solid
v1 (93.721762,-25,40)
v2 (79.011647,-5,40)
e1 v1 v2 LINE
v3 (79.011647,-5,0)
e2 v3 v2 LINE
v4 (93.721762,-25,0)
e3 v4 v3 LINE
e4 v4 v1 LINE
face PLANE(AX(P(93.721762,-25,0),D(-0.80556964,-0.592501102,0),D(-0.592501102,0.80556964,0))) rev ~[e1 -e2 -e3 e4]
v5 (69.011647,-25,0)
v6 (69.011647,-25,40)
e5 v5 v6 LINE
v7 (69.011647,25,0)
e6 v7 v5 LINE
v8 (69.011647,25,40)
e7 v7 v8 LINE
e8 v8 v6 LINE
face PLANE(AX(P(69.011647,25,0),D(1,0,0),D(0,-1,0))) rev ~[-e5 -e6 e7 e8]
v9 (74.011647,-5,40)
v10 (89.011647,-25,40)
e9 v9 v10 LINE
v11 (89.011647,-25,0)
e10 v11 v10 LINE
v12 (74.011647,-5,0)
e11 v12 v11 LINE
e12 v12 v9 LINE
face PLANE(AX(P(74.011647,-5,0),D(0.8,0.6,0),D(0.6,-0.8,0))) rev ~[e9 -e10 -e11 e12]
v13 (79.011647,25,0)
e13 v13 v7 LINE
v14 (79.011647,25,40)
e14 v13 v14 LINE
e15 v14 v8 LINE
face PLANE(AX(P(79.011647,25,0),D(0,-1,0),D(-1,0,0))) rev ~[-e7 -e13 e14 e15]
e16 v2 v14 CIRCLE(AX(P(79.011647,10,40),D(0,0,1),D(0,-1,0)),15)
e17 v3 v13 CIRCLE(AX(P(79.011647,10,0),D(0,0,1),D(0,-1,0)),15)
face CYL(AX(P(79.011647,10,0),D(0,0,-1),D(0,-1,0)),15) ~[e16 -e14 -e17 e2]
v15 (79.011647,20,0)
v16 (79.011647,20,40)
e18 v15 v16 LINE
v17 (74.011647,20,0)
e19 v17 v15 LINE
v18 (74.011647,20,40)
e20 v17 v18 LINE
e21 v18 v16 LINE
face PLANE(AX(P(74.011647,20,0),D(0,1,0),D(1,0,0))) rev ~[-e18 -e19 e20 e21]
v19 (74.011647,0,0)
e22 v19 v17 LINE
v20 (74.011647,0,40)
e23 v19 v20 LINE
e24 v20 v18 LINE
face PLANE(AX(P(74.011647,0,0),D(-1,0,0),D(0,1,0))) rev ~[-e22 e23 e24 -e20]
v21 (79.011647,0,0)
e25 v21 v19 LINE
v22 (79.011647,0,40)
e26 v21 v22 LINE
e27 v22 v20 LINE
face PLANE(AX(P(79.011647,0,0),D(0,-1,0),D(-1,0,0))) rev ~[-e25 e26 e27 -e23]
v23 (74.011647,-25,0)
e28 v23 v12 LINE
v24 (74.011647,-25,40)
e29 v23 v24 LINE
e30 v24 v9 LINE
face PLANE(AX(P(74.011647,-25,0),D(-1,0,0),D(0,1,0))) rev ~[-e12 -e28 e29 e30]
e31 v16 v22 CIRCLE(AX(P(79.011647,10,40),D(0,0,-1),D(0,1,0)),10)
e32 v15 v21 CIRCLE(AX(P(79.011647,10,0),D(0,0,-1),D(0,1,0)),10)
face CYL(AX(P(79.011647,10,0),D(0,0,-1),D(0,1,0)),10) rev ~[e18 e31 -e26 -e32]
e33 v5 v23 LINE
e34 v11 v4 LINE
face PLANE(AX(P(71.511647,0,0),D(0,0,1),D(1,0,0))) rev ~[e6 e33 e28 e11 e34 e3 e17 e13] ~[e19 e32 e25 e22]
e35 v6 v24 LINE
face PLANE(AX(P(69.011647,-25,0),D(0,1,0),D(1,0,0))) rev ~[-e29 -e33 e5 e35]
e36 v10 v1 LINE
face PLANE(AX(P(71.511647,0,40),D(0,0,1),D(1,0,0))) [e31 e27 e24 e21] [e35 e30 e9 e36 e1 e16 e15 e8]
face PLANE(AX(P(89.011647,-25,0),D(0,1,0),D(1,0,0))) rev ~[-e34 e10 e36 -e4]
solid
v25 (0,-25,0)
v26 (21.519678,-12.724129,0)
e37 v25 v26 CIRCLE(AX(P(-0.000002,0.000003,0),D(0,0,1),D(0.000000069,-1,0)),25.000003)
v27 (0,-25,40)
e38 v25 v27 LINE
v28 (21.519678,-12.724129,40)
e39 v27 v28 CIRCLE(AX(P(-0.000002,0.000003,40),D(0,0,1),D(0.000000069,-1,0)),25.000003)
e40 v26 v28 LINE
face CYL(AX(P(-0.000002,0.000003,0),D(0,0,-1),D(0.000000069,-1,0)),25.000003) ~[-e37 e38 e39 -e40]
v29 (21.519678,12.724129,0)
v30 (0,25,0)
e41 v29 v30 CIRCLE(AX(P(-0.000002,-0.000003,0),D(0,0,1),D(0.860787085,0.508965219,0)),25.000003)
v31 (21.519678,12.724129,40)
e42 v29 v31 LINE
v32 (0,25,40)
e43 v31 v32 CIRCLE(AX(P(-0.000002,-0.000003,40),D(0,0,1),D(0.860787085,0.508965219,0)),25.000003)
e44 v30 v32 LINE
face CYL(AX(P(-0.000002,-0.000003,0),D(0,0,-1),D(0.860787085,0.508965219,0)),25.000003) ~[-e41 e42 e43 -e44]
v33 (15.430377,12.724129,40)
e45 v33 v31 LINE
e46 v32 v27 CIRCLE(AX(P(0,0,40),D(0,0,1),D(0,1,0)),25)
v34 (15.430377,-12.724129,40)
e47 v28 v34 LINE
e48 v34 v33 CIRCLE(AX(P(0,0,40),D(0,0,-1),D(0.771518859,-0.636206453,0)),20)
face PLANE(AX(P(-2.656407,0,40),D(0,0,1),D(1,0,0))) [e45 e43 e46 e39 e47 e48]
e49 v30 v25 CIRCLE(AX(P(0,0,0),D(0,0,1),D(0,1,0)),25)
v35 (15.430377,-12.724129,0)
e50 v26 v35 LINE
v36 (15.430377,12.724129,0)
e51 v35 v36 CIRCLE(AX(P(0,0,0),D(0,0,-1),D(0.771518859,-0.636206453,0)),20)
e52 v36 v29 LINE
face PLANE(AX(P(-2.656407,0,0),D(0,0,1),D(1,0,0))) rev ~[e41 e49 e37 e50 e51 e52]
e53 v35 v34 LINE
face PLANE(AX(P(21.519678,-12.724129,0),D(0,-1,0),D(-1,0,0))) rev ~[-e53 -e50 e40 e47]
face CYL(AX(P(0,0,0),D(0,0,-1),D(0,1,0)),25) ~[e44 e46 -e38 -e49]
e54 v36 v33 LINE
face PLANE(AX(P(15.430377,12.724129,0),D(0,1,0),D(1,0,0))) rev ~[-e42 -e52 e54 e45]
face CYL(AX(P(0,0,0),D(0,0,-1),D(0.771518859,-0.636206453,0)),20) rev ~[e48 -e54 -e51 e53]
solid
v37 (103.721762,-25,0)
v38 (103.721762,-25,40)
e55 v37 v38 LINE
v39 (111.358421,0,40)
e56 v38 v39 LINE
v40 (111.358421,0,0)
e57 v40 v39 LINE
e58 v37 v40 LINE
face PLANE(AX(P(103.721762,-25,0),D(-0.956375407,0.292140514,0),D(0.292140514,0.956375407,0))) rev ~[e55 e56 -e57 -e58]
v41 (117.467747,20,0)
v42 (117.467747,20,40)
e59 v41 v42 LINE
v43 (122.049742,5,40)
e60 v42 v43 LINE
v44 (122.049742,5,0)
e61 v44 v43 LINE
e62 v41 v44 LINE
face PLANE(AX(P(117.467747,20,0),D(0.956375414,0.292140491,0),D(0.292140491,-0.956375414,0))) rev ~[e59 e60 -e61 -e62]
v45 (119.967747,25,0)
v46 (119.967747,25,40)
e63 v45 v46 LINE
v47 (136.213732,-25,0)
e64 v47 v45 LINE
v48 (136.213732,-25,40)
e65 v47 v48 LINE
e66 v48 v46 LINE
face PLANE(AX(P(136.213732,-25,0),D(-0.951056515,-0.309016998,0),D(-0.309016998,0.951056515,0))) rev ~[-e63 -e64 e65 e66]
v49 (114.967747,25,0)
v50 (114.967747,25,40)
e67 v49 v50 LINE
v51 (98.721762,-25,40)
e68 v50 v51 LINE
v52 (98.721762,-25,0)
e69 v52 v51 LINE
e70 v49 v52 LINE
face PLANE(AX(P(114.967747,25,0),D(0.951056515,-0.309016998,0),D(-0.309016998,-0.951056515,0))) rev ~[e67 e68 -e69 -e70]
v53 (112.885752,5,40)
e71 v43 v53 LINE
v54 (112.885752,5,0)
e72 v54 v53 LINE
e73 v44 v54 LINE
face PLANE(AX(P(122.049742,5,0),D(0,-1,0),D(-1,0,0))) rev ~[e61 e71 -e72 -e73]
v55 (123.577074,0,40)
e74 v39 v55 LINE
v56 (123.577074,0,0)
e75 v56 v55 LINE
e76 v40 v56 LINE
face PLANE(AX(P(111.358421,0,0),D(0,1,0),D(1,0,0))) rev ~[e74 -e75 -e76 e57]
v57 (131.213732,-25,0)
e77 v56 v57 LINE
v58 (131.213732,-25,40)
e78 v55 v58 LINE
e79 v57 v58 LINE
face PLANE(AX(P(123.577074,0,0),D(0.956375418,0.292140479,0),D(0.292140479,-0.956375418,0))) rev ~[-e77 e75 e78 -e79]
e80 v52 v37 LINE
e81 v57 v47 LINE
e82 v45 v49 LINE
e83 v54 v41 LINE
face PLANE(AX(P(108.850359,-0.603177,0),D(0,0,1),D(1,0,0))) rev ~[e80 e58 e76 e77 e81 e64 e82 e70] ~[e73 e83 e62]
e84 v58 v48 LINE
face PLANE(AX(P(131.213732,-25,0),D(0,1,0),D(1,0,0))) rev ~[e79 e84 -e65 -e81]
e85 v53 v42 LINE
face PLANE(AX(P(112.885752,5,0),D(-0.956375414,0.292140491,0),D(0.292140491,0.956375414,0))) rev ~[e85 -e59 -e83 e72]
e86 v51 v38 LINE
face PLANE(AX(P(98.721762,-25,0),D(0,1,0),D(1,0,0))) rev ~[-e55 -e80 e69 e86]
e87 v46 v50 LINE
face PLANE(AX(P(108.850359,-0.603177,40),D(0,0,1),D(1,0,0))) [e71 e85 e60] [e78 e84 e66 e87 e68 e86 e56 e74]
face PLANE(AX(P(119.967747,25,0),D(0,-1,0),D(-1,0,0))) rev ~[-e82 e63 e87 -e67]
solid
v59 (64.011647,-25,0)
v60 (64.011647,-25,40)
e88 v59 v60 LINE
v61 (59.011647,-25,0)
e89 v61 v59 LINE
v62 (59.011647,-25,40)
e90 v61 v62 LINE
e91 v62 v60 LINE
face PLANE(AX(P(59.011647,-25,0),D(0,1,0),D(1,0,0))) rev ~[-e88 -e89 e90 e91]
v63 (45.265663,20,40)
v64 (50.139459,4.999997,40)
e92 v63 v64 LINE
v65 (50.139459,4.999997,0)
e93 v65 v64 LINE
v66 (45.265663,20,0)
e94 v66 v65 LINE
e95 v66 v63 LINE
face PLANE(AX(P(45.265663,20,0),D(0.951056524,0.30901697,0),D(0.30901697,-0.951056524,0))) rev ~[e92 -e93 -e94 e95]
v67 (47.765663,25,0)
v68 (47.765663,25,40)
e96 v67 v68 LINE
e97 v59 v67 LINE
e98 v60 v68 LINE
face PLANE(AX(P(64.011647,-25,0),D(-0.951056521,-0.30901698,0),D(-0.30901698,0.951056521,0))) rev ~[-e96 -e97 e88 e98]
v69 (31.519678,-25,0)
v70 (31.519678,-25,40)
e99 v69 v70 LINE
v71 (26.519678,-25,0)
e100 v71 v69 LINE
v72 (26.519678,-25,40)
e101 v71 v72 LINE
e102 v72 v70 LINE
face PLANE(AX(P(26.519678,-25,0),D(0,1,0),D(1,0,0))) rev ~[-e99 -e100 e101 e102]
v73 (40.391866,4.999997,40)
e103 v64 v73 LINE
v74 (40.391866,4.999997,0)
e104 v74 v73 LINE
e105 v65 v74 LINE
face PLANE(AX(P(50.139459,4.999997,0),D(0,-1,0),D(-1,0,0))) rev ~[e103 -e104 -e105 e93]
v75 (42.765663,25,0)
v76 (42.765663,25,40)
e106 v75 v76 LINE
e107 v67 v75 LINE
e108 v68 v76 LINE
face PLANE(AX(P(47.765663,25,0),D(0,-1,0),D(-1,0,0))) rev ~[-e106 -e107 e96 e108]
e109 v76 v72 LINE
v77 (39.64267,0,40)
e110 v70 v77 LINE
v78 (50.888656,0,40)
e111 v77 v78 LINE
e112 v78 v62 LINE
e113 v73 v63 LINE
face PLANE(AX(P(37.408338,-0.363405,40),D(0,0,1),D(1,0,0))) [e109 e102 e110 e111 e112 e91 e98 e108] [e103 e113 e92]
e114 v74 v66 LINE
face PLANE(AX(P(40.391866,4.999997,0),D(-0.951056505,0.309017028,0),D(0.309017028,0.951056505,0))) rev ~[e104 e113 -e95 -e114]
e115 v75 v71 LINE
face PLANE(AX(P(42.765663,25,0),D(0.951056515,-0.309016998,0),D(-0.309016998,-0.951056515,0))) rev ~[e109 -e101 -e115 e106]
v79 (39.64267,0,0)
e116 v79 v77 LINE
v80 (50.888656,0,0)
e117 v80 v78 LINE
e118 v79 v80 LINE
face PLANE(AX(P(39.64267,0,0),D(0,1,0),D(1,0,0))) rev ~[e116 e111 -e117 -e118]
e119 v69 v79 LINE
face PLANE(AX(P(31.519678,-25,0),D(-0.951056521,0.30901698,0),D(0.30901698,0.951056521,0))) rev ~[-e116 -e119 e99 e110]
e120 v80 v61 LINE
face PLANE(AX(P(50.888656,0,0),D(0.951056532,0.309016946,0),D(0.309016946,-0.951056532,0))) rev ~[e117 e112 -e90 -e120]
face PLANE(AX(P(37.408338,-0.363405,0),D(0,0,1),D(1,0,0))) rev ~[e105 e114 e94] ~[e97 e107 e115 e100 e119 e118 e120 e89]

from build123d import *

# Parameters (mm, degrees)
F1_DEPTH = 40


with BuildPart() as f1:
    # F0 (on Top) → F1 (new body)
    with BuildSketch(Plane.XY):
        with BuildLine():
            Line((18.296868, 12.724129), (21.519678, 12.724129))
            ThreePointArc((21.519678, 12.724129), (12.387428, 21.715239), (0, 25))
            ThreePointArc((0, 25), (-25, 0), (0, -25))
            ThreePointArc((0, -25), (12.387428, -21.715239), (21.519678, -12.724129))
            Line((21.519678, -12.724129), (15.430377, -12.724129))
            ThreePointArc((15.430377, -12.724129), (-20, 0), (15.430377, 12.724129))
            Line((15.430377, 12.724129), (18.296868, 12.724129))
        make_face()
        Polygon((45.265663, 25), (42.765663, 25), (26.519678, -25), (31.519678, -25), (39.64267, 0), (45.265663, 0), (45.265663, 4.999997), (40.391866, 4.999997), (45.265663, 20), align=None)
        Polygon((47.765663, 25), (45.265663, 25), (45.265663, 20), (50.139459, 4.999997), (45.265663, 4.999997), (45.265663, 0), (50.888656, 0), (59.011647, -25), (63.039356, -25), (64.011647, -25), align=None)
        Polygon((74.011647, 25), (69.011647, 25), (69.011647, -25), (74.011647, -25), (74.011647, -5), (74.011647, 0), (74.011647, 20), align=None)
        Polygon((93.721762, -25), (79.011647, -5), (74.011647, -5), (89.011647, -25), align=None)
        with BuildLine():
            Line((79.011647, 25), (74.011647, 25))
            Line((74.011647, 25), (74.011647, 20))
            Line((74.011647, 20), (79.011647, 20))
            ThreePointArc((79.011647, 20), (89.011647, 10), (79.011647, 0))
            Line((79.011647, 0), (74.011647, 0))
            Line((74.011647, 0), (74.011647, -5))
            Line((74.011647, -5), (79.011647, -5))
            ThreePointArc((79.011647, -5), (94.011647, 10), (79.011647, 25))
        make_face()
        Polygon((114.967747, 25), (98.721762, -25), (103.721762, -25), (111.358421, 0), (112.885752, 5), (117.467747, 20), (117.467747, 25), align=None)
        Polygon((112.885752, 5), (111.358421, 0), (117.467747, 0), (117.467747, 5), align=None)
        Polygon((117.467747, 5), (117.467747, 0), (123.577074, 0), (122.049742, 5), align=None)
        Polygon((119.967747, 25), (117.467747, 25), (117.467747, 20), (122.049742, 5), (123.577074, 0), (131.213732, -25), (136.213732, -25), align=None)
    extrude(amount=F1_DEPTH)


solid = f1.part
